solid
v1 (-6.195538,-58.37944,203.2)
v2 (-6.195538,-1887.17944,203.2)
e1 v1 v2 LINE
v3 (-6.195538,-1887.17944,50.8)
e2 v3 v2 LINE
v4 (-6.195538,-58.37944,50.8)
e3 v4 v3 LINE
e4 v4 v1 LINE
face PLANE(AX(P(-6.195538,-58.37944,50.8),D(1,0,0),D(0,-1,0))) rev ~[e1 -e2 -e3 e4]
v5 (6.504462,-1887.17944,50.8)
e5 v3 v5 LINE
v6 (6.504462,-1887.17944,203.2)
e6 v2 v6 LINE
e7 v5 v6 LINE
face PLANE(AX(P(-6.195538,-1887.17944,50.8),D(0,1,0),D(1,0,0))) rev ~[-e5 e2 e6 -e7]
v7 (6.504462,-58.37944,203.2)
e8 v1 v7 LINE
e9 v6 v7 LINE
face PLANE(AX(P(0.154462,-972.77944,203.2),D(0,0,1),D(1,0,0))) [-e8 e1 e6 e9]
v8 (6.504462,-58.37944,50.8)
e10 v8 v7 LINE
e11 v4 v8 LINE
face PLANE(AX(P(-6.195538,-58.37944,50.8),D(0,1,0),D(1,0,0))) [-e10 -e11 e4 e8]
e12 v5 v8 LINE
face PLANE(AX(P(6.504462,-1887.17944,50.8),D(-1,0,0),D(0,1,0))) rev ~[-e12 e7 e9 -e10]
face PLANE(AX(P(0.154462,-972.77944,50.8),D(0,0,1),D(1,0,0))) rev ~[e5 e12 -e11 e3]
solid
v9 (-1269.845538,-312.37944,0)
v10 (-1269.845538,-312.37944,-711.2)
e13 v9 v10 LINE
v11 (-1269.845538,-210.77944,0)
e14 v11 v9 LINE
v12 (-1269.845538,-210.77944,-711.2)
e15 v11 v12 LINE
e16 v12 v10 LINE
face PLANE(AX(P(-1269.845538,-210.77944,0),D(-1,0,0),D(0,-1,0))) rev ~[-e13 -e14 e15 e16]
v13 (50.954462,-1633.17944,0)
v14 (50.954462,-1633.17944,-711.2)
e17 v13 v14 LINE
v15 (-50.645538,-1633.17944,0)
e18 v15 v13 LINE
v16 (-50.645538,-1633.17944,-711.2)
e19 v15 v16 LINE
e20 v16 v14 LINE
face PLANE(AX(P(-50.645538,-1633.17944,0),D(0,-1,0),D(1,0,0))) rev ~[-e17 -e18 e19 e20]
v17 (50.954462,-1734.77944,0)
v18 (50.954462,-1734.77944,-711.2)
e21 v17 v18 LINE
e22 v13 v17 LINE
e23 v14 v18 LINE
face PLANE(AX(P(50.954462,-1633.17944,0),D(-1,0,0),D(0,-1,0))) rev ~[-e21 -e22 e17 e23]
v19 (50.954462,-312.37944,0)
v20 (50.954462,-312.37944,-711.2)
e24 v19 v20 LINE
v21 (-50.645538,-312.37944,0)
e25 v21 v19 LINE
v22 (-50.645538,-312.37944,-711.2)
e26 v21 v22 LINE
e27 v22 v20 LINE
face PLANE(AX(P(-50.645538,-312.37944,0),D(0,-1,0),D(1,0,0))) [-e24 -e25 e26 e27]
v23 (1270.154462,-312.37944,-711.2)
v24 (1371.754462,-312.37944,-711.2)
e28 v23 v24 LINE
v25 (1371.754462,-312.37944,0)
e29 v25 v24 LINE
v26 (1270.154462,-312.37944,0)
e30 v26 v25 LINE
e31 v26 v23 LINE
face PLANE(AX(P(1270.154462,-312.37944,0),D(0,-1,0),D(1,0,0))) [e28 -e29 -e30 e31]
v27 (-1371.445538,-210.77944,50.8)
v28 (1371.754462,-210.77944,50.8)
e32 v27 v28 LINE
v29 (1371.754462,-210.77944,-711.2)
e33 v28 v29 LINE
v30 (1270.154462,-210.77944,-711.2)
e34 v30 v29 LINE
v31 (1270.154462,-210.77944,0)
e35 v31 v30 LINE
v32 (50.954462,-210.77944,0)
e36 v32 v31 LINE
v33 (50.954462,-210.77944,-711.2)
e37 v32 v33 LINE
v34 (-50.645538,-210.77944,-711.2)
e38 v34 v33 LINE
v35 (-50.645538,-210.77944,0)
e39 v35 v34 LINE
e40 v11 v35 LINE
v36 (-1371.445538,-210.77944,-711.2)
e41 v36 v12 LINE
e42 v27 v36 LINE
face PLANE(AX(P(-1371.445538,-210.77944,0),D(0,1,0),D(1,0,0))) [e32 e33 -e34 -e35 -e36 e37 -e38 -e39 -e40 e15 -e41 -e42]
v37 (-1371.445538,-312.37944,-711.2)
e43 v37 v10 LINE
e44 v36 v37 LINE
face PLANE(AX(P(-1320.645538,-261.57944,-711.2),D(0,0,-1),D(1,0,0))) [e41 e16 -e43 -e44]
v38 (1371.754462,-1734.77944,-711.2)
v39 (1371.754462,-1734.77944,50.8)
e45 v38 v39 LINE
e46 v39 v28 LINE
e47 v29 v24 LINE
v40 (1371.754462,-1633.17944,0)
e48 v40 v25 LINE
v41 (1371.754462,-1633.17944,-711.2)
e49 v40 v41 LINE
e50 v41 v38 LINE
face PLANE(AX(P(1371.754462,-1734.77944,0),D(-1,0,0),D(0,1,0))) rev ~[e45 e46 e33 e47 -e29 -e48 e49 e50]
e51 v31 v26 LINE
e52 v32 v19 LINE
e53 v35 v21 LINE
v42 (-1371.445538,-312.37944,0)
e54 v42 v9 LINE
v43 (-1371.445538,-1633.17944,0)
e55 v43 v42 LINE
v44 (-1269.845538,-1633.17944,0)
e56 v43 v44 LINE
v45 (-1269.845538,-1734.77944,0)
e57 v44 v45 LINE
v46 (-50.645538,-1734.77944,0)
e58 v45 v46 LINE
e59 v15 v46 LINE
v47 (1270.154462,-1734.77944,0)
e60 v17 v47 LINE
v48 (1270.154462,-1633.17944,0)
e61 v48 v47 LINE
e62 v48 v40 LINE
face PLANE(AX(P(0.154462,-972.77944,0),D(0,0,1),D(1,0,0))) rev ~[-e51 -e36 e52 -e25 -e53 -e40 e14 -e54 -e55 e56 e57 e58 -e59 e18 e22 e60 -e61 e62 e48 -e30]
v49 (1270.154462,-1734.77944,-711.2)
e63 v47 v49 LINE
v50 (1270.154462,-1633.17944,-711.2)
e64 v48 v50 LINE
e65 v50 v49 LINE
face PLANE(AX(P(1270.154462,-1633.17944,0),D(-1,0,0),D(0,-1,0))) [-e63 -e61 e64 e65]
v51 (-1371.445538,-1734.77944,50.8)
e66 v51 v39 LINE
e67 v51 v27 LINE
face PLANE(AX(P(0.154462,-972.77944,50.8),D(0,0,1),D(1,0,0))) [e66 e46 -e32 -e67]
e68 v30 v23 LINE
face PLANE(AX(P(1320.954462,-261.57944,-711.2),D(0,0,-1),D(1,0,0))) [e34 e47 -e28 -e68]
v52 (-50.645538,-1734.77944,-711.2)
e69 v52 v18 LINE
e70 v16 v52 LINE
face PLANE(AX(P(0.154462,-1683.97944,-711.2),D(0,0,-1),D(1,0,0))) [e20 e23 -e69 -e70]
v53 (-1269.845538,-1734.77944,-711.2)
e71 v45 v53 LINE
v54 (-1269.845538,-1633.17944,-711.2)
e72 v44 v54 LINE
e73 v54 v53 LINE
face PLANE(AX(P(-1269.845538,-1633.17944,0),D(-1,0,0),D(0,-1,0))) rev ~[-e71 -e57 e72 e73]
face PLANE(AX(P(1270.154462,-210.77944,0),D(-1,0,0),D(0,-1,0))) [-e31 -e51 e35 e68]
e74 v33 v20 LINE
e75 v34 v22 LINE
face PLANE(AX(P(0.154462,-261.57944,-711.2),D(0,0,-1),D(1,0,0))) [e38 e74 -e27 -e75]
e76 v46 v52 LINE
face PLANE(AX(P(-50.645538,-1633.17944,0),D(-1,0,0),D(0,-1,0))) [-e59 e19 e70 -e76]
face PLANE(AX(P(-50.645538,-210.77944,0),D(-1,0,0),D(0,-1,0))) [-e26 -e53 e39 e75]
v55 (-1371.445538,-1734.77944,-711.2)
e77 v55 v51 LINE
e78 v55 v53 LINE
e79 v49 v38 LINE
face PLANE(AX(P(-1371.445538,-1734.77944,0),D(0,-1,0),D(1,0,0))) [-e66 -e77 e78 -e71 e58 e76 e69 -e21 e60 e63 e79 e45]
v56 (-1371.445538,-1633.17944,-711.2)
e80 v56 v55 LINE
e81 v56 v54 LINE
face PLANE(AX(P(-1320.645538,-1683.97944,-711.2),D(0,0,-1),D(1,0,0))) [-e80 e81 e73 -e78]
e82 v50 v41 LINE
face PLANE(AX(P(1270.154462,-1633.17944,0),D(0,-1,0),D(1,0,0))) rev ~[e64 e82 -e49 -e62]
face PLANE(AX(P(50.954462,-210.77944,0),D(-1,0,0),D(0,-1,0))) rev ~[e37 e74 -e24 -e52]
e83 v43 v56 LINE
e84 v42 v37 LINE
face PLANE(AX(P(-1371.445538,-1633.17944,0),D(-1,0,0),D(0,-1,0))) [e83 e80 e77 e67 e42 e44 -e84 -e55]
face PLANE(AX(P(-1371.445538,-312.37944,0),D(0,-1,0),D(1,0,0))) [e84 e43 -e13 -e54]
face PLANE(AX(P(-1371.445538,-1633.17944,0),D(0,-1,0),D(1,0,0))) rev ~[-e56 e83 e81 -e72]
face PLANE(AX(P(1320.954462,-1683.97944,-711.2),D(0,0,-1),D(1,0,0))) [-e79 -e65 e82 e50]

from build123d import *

# Parameters (mm, degrees)
F0_W     = 2743.2
F0_H     = 1524
F1_DEPTH = 50.8
F2_W     = 12.7
F2_H     = 1524
F2_H_2   = 152.4
F3_DEPTH = 152.4
F4_W     = 101.6
F4_H     = 101.6
F5_DEPTH = 711.2


with BuildPart() as f1:
    # F0 (on Top) → F1 (new body)
    with BuildSketch(Plane.XY):
        with Locations((0.1544617116, -972.7794401628)):
            Rectangle(F0_W, F0_H)
    extrude(amount=F1_DEPTH)

    # F4 (on face) → F5 (join)
    with BuildSketch(Plane(origin=(0, 0, 0), x_dir=(1, 0, 0), z_dir=(0, 0, -1))):
        with Locations((-1320.6455382884, 1683.9794401628)):
            Rectangle(F4_W, F4_H)
        with Locations((0.1544617116, 1683.9794401628)):
            Rectangle(F4_W, F4_H)
        with Locations((1320.9544617116, 1683.9794401628)):
            Rectangle(F4_W, F4_H)
        with Locations((1320.9544617116, 261.5794401628)):
            Rectangle(F4_W, F4_H)
        with Locations((0.1544617116, 261.5794401628)):
            Rectangle(F4_W, F4_H)
        with Locations((-1320.6455382884, 261.5794401628)):
            Rectangle(F4_W, F4_H)
    extrude(amount=F5_DEPTH)


with BuildPart() as f3:
    # F2 (on face) → F3 (new body)
    with BuildSketch(Plane.XY.offset(50.8)):
        with Locations((0.1544617116, -972.7794401628)):
            Rectangle(F2_W, F2_H)
        with Locations((0.1544617116, -1810.9794401628)):
            Rectangle(F2_W, F2_H_2)
        with Locations((0.1544617116, -134.5794401628)):
            Rectangle(F2_W, F2_H_2)
    extrude(amount=F3_DEPTH)


solid = Compound([f1.part, f3.part])
